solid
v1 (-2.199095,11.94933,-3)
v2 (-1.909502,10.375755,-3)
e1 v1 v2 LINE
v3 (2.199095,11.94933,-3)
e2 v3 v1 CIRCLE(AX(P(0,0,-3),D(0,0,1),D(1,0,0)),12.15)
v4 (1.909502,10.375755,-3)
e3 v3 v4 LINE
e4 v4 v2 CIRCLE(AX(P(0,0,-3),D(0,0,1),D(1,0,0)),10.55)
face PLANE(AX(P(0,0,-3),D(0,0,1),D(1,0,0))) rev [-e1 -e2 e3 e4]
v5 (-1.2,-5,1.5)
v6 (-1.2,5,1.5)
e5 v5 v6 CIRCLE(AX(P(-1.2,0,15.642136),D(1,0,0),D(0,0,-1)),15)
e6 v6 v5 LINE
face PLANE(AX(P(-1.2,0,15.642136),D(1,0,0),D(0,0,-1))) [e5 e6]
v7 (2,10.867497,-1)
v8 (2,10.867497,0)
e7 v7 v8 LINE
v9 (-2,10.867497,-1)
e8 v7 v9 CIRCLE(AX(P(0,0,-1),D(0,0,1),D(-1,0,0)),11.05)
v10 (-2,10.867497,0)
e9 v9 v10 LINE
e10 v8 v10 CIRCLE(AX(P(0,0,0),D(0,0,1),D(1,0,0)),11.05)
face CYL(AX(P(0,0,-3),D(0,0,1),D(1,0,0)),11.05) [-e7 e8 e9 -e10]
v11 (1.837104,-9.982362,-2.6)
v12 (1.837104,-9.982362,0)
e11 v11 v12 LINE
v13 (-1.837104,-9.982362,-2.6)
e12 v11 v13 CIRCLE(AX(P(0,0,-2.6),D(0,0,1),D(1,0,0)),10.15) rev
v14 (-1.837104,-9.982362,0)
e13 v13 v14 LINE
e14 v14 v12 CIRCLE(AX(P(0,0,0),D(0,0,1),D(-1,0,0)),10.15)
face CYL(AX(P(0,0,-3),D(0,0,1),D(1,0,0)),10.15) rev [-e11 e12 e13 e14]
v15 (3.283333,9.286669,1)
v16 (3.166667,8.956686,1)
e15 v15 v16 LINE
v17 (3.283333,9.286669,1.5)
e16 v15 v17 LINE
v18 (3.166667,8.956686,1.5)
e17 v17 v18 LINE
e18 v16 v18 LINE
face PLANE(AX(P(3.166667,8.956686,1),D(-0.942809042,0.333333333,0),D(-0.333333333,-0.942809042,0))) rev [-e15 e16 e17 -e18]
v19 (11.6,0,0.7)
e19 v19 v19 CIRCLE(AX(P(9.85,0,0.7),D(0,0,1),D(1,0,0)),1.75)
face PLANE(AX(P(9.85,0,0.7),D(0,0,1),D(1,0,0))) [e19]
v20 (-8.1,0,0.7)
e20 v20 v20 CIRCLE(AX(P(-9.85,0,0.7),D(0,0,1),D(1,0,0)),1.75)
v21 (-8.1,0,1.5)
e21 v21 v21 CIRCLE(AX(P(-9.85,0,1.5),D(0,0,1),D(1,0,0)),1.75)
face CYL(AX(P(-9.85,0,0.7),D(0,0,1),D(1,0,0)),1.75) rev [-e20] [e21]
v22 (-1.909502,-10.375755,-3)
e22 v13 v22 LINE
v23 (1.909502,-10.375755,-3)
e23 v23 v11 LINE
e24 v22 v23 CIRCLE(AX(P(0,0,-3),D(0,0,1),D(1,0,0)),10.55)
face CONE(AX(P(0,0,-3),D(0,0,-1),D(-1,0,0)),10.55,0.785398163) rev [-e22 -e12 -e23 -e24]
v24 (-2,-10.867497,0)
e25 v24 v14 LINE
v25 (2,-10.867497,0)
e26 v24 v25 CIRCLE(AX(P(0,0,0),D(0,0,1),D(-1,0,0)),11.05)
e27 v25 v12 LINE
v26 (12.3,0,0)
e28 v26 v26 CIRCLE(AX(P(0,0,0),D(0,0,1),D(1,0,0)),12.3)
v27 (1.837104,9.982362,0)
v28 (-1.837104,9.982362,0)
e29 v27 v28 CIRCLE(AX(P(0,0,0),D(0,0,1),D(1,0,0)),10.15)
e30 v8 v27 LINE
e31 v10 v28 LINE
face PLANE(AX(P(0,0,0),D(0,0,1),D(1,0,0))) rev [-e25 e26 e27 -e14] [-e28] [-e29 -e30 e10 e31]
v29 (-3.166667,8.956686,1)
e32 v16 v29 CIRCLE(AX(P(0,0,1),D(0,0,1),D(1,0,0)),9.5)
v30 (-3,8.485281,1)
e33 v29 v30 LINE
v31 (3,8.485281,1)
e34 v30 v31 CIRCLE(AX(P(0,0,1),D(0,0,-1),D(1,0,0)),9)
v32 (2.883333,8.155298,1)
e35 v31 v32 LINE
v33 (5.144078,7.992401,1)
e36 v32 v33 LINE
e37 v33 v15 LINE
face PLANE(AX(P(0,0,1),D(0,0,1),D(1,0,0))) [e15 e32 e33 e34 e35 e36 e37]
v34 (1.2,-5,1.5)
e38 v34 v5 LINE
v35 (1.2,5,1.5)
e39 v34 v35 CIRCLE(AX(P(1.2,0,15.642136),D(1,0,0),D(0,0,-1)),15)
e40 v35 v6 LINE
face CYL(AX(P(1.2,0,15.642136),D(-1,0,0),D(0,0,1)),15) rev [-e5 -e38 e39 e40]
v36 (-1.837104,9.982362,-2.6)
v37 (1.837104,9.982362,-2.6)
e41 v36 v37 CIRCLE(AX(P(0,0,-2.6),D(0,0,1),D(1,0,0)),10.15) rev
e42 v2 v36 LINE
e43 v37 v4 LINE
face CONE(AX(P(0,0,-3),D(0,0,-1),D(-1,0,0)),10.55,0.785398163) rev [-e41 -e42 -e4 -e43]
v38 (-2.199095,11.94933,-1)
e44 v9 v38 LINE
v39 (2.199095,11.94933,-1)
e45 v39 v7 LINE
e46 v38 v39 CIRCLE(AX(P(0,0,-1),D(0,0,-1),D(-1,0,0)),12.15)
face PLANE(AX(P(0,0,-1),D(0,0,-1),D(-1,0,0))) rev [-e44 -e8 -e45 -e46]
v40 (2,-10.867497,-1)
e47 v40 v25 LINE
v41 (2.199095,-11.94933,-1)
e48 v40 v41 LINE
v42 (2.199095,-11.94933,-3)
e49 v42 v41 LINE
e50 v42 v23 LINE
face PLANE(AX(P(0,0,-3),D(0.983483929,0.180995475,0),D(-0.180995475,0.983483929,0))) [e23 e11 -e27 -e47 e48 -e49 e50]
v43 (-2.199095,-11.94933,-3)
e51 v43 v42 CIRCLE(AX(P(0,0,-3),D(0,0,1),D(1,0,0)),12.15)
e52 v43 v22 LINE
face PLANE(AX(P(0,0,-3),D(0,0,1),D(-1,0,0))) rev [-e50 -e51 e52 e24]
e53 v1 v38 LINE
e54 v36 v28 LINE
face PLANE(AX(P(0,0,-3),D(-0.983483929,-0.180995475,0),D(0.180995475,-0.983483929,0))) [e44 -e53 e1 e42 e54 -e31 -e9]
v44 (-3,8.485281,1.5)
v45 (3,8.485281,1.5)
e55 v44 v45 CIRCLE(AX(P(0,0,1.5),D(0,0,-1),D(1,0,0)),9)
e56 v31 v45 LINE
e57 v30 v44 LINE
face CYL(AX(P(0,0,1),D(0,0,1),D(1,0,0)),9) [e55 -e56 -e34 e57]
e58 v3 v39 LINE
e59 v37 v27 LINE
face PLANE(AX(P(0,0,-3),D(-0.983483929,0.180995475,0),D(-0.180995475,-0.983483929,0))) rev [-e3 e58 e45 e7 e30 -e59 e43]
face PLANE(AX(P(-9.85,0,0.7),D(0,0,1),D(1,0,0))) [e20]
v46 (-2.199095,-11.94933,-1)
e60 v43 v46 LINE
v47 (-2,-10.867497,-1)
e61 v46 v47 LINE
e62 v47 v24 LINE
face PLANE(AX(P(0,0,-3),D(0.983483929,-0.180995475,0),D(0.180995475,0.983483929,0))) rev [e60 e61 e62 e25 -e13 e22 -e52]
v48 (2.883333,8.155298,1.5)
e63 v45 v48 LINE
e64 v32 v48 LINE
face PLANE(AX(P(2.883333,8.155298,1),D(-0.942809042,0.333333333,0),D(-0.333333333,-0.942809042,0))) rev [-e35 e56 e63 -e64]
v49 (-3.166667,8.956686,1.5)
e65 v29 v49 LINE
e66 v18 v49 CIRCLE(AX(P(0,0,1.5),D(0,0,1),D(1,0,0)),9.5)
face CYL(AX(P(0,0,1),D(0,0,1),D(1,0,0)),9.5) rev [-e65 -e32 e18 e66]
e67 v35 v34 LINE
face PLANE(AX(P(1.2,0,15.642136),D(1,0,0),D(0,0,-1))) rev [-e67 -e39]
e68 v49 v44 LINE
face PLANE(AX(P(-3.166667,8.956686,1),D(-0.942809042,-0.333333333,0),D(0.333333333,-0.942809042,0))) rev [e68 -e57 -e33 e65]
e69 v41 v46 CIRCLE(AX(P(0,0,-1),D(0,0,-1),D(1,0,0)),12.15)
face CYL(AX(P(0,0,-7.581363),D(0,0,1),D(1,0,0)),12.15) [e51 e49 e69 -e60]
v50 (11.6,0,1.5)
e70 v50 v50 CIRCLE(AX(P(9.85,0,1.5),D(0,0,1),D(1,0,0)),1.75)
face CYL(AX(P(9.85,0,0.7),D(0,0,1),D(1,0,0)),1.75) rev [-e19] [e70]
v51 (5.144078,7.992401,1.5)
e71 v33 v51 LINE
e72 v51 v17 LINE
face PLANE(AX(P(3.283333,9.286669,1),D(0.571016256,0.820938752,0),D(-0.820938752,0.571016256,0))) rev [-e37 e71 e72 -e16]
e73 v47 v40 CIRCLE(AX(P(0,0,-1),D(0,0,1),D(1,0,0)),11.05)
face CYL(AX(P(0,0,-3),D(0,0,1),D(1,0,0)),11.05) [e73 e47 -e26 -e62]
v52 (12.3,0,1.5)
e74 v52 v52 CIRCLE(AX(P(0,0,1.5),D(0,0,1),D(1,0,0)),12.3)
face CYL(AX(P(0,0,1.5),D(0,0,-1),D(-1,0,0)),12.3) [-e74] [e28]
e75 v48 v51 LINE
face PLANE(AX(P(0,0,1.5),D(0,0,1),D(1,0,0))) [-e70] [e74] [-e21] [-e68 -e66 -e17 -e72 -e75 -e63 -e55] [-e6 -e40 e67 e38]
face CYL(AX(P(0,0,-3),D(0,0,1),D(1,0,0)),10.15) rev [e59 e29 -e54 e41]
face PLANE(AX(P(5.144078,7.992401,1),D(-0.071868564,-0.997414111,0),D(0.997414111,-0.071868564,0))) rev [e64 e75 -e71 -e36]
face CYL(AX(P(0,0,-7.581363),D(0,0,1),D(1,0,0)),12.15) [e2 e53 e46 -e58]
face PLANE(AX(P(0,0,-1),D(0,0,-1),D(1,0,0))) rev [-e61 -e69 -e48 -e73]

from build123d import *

# Parameters (mm, degrees)
SKICA1_R                      = 12.3
P_IDAT_VYSUNUT_M1_DEPTH       = 1.5
ODEBRAT_START                 = 1.5
SKICA1_6_R                    = 1.75
ODEBRAT_VYSUNUT_M3_DEPTH      = 0.8
P_IDAT_VYSUNUT_M3_DEPTH       = 3
P_IDAT_START                  = 1
P_IDAT_VYSUNUT_M4_DEPTH       = 2
ZKOSEN_1_SIZE                 = 0.4
KRUHOV_POLE1_COUNT            = 2
ZKOSEN_1_OF_KRUHOV_POLE1_SIZE = 0.4
ODEBRAT_VYSUNUT_M2_DEPTH      = 0.5
ODEBRAT_VYSUNUT_M1_DEPTH      = 1.2
ODEBRAT_VYSUNUT_M1_DEPTH_BACK = 1.2


with BuildPart() as part:
    # Skica1 → P_idat vysunut_m1 (new body)
    with BuildSketch(Plane.XY):
        Circle(SKICA1_R)
    extrude(amount=P_IDAT_VYSUNUT_M1_DEPTH)

    # Skica1_6 → Odebrat vysunut_m3 (cut)
    with BuildSketch(Plane.XY.offset(ODEBRAT_START)):
        with Locations((-9.85, 0)):
            Circle(SKICA1_6_R)
        with Locations((9.85, 0)):
            Circle(SKICA1_6_R)
    extrude(amount=-ODEBRAT_VYSUNUT_M3_DEPTH, mode=Mode.SUBTRACT)

    # Skica1_5 → P_idat vysunut_m3 (add)
    with BuildSketch(Plane.XY):
        with BuildLine():
            Line((-2, 10.867497412), (-1.837104072, 9.982361876))
            ThreePointArc((-1.837104072, 9.982361876), (0, 10.15), (1.837104072, 9.982361876))
            Line((1.837104072, 9.982361876), (2, 10.867497412))
            ThreePointArc((2, 10.867497412), (0, 11.05), (-2, 10.867497412))
        make_face()
    p_idat_vysunut_m3 = extrude(amount=-P_IDAT_VYSUNUT_M3_DEPTH)

    # Skica2 → P_idat vysunut_m4 (add)
    with BuildSketch(Plane(origin=(0, 0, 0), x_dir=(-1, 0, 0), z_dir=(0, 0, -1)).offset(P_IDAT_START)):
        with BuildLine():
            Line((-2, 10.867497412), (-2.199095023, 11.949329734))
            ThreePointArc((-2.199095023, 11.949329734), (0, 12.15), (2.199095023, 11.949329734))
            Line((2.199095023, 11.949329734), (2, 10.867497412))
            ThreePointArc((2, 10.867497412), (0, 11.05), (-2, 10.867497412))
        make_face()
    p_idat_vysunut_m4 = extrude(amount=P_IDAT_VYSUNUT_M4_DEPTH)

    # Zkosen_1
    zkosen_1_edges = [part.edges().sort_by_distance(p)[0] for p in [
        (0, 10.15, -3),
    ]]
    chamfer(zkosen_1_edges, length=ZKOSEN_1_SIZE)

    # Kruhov_ pole1: P_idat vysunut_m3, P_idat vysunut_m4 ×2 about axis
    kruhov_pole1_axis = Axis((0, 0, 0), (0, 0, 1))
    for i in range(1, KRUHOV_POLE1_COUNT):
        add(p_idat_vysunut_m3.rotate(kruhov_pole1_axis, i * 360 / KRUHOV_POLE1_COUNT))
        add(p_idat_vysunut_m4.rotate(kruhov_pole1_axis, i * 360 / KRUHOV_POLE1_COUNT))

    # Zkosen_1 of Kruhov_ pole1
    zkosen_1_of_kruhov_pole1_edges = [part.edges().sort_by_distance(p)[0] for p in [
        (0, -10.15, -3),
    ]]
    chamfer(zkosen_1_of_kruhov_pole1_edges, length=ZKOSEN_1_OF_KRUHOV_POLE1_SIZE)

    # Skica3 → Odebrat vysunut_m2 (cut)
    with BuildSketch(Plane.XY.offset(1.5)):
        with BuildLine():
            Line((-3.166666667, 8.956685895), (-3, 8.485281374))
            ThreePointArc((-3, 8.485281374), (0, 9), (3, 8.485281374))
            Line((3, 8.485281374), (2.883333333, 8.15529821))
            Line((2.883333333, 8.15529821), (5.144077535, 7.992400535))
            Line((5.144077535, 7.992400535), (3.283333333, 9.28666906))
            Line((3.283333333, 9.28666906), (3.166666667, 8.956685895))
            ThreePointArc((3.166666667, 8.956685895), (0, 9.5), (-3.166666667, 8.956685895))
        make_face()
    extrude(amount=-ODEBRAT_VYSUNUT_M2_DEPTH, mode=Mode.SUBTRACT)

    # Skica4 → Odebrat vysunut_m1 (cut, two sides)
    with BuildSketch(Plane(origin=(0, 0, 0), x_dir=(0, 0, -1), z_dir=(1, 0, 0))) as odebrat_vysunut_m1_sk:
        with BuildLine():
            Line((-1.5, 5), (-1.5, -5))
            ThreePointArc((-1.5, -5), (-0.642135624, 0), (-1.5, 5))
        make_face()
    extrude(amount=ODEBRAT_VYSUNUT_M1_DEPTH, mode=Mode.SUBTRACT)
    extrude(odebrat_vysunut_m1_sk.sketch, amount=-ODEBRAT_VYSUNUT_M1_DEPTH_BACK, mode=Mode.SUBTRACT)


solid = part.part
